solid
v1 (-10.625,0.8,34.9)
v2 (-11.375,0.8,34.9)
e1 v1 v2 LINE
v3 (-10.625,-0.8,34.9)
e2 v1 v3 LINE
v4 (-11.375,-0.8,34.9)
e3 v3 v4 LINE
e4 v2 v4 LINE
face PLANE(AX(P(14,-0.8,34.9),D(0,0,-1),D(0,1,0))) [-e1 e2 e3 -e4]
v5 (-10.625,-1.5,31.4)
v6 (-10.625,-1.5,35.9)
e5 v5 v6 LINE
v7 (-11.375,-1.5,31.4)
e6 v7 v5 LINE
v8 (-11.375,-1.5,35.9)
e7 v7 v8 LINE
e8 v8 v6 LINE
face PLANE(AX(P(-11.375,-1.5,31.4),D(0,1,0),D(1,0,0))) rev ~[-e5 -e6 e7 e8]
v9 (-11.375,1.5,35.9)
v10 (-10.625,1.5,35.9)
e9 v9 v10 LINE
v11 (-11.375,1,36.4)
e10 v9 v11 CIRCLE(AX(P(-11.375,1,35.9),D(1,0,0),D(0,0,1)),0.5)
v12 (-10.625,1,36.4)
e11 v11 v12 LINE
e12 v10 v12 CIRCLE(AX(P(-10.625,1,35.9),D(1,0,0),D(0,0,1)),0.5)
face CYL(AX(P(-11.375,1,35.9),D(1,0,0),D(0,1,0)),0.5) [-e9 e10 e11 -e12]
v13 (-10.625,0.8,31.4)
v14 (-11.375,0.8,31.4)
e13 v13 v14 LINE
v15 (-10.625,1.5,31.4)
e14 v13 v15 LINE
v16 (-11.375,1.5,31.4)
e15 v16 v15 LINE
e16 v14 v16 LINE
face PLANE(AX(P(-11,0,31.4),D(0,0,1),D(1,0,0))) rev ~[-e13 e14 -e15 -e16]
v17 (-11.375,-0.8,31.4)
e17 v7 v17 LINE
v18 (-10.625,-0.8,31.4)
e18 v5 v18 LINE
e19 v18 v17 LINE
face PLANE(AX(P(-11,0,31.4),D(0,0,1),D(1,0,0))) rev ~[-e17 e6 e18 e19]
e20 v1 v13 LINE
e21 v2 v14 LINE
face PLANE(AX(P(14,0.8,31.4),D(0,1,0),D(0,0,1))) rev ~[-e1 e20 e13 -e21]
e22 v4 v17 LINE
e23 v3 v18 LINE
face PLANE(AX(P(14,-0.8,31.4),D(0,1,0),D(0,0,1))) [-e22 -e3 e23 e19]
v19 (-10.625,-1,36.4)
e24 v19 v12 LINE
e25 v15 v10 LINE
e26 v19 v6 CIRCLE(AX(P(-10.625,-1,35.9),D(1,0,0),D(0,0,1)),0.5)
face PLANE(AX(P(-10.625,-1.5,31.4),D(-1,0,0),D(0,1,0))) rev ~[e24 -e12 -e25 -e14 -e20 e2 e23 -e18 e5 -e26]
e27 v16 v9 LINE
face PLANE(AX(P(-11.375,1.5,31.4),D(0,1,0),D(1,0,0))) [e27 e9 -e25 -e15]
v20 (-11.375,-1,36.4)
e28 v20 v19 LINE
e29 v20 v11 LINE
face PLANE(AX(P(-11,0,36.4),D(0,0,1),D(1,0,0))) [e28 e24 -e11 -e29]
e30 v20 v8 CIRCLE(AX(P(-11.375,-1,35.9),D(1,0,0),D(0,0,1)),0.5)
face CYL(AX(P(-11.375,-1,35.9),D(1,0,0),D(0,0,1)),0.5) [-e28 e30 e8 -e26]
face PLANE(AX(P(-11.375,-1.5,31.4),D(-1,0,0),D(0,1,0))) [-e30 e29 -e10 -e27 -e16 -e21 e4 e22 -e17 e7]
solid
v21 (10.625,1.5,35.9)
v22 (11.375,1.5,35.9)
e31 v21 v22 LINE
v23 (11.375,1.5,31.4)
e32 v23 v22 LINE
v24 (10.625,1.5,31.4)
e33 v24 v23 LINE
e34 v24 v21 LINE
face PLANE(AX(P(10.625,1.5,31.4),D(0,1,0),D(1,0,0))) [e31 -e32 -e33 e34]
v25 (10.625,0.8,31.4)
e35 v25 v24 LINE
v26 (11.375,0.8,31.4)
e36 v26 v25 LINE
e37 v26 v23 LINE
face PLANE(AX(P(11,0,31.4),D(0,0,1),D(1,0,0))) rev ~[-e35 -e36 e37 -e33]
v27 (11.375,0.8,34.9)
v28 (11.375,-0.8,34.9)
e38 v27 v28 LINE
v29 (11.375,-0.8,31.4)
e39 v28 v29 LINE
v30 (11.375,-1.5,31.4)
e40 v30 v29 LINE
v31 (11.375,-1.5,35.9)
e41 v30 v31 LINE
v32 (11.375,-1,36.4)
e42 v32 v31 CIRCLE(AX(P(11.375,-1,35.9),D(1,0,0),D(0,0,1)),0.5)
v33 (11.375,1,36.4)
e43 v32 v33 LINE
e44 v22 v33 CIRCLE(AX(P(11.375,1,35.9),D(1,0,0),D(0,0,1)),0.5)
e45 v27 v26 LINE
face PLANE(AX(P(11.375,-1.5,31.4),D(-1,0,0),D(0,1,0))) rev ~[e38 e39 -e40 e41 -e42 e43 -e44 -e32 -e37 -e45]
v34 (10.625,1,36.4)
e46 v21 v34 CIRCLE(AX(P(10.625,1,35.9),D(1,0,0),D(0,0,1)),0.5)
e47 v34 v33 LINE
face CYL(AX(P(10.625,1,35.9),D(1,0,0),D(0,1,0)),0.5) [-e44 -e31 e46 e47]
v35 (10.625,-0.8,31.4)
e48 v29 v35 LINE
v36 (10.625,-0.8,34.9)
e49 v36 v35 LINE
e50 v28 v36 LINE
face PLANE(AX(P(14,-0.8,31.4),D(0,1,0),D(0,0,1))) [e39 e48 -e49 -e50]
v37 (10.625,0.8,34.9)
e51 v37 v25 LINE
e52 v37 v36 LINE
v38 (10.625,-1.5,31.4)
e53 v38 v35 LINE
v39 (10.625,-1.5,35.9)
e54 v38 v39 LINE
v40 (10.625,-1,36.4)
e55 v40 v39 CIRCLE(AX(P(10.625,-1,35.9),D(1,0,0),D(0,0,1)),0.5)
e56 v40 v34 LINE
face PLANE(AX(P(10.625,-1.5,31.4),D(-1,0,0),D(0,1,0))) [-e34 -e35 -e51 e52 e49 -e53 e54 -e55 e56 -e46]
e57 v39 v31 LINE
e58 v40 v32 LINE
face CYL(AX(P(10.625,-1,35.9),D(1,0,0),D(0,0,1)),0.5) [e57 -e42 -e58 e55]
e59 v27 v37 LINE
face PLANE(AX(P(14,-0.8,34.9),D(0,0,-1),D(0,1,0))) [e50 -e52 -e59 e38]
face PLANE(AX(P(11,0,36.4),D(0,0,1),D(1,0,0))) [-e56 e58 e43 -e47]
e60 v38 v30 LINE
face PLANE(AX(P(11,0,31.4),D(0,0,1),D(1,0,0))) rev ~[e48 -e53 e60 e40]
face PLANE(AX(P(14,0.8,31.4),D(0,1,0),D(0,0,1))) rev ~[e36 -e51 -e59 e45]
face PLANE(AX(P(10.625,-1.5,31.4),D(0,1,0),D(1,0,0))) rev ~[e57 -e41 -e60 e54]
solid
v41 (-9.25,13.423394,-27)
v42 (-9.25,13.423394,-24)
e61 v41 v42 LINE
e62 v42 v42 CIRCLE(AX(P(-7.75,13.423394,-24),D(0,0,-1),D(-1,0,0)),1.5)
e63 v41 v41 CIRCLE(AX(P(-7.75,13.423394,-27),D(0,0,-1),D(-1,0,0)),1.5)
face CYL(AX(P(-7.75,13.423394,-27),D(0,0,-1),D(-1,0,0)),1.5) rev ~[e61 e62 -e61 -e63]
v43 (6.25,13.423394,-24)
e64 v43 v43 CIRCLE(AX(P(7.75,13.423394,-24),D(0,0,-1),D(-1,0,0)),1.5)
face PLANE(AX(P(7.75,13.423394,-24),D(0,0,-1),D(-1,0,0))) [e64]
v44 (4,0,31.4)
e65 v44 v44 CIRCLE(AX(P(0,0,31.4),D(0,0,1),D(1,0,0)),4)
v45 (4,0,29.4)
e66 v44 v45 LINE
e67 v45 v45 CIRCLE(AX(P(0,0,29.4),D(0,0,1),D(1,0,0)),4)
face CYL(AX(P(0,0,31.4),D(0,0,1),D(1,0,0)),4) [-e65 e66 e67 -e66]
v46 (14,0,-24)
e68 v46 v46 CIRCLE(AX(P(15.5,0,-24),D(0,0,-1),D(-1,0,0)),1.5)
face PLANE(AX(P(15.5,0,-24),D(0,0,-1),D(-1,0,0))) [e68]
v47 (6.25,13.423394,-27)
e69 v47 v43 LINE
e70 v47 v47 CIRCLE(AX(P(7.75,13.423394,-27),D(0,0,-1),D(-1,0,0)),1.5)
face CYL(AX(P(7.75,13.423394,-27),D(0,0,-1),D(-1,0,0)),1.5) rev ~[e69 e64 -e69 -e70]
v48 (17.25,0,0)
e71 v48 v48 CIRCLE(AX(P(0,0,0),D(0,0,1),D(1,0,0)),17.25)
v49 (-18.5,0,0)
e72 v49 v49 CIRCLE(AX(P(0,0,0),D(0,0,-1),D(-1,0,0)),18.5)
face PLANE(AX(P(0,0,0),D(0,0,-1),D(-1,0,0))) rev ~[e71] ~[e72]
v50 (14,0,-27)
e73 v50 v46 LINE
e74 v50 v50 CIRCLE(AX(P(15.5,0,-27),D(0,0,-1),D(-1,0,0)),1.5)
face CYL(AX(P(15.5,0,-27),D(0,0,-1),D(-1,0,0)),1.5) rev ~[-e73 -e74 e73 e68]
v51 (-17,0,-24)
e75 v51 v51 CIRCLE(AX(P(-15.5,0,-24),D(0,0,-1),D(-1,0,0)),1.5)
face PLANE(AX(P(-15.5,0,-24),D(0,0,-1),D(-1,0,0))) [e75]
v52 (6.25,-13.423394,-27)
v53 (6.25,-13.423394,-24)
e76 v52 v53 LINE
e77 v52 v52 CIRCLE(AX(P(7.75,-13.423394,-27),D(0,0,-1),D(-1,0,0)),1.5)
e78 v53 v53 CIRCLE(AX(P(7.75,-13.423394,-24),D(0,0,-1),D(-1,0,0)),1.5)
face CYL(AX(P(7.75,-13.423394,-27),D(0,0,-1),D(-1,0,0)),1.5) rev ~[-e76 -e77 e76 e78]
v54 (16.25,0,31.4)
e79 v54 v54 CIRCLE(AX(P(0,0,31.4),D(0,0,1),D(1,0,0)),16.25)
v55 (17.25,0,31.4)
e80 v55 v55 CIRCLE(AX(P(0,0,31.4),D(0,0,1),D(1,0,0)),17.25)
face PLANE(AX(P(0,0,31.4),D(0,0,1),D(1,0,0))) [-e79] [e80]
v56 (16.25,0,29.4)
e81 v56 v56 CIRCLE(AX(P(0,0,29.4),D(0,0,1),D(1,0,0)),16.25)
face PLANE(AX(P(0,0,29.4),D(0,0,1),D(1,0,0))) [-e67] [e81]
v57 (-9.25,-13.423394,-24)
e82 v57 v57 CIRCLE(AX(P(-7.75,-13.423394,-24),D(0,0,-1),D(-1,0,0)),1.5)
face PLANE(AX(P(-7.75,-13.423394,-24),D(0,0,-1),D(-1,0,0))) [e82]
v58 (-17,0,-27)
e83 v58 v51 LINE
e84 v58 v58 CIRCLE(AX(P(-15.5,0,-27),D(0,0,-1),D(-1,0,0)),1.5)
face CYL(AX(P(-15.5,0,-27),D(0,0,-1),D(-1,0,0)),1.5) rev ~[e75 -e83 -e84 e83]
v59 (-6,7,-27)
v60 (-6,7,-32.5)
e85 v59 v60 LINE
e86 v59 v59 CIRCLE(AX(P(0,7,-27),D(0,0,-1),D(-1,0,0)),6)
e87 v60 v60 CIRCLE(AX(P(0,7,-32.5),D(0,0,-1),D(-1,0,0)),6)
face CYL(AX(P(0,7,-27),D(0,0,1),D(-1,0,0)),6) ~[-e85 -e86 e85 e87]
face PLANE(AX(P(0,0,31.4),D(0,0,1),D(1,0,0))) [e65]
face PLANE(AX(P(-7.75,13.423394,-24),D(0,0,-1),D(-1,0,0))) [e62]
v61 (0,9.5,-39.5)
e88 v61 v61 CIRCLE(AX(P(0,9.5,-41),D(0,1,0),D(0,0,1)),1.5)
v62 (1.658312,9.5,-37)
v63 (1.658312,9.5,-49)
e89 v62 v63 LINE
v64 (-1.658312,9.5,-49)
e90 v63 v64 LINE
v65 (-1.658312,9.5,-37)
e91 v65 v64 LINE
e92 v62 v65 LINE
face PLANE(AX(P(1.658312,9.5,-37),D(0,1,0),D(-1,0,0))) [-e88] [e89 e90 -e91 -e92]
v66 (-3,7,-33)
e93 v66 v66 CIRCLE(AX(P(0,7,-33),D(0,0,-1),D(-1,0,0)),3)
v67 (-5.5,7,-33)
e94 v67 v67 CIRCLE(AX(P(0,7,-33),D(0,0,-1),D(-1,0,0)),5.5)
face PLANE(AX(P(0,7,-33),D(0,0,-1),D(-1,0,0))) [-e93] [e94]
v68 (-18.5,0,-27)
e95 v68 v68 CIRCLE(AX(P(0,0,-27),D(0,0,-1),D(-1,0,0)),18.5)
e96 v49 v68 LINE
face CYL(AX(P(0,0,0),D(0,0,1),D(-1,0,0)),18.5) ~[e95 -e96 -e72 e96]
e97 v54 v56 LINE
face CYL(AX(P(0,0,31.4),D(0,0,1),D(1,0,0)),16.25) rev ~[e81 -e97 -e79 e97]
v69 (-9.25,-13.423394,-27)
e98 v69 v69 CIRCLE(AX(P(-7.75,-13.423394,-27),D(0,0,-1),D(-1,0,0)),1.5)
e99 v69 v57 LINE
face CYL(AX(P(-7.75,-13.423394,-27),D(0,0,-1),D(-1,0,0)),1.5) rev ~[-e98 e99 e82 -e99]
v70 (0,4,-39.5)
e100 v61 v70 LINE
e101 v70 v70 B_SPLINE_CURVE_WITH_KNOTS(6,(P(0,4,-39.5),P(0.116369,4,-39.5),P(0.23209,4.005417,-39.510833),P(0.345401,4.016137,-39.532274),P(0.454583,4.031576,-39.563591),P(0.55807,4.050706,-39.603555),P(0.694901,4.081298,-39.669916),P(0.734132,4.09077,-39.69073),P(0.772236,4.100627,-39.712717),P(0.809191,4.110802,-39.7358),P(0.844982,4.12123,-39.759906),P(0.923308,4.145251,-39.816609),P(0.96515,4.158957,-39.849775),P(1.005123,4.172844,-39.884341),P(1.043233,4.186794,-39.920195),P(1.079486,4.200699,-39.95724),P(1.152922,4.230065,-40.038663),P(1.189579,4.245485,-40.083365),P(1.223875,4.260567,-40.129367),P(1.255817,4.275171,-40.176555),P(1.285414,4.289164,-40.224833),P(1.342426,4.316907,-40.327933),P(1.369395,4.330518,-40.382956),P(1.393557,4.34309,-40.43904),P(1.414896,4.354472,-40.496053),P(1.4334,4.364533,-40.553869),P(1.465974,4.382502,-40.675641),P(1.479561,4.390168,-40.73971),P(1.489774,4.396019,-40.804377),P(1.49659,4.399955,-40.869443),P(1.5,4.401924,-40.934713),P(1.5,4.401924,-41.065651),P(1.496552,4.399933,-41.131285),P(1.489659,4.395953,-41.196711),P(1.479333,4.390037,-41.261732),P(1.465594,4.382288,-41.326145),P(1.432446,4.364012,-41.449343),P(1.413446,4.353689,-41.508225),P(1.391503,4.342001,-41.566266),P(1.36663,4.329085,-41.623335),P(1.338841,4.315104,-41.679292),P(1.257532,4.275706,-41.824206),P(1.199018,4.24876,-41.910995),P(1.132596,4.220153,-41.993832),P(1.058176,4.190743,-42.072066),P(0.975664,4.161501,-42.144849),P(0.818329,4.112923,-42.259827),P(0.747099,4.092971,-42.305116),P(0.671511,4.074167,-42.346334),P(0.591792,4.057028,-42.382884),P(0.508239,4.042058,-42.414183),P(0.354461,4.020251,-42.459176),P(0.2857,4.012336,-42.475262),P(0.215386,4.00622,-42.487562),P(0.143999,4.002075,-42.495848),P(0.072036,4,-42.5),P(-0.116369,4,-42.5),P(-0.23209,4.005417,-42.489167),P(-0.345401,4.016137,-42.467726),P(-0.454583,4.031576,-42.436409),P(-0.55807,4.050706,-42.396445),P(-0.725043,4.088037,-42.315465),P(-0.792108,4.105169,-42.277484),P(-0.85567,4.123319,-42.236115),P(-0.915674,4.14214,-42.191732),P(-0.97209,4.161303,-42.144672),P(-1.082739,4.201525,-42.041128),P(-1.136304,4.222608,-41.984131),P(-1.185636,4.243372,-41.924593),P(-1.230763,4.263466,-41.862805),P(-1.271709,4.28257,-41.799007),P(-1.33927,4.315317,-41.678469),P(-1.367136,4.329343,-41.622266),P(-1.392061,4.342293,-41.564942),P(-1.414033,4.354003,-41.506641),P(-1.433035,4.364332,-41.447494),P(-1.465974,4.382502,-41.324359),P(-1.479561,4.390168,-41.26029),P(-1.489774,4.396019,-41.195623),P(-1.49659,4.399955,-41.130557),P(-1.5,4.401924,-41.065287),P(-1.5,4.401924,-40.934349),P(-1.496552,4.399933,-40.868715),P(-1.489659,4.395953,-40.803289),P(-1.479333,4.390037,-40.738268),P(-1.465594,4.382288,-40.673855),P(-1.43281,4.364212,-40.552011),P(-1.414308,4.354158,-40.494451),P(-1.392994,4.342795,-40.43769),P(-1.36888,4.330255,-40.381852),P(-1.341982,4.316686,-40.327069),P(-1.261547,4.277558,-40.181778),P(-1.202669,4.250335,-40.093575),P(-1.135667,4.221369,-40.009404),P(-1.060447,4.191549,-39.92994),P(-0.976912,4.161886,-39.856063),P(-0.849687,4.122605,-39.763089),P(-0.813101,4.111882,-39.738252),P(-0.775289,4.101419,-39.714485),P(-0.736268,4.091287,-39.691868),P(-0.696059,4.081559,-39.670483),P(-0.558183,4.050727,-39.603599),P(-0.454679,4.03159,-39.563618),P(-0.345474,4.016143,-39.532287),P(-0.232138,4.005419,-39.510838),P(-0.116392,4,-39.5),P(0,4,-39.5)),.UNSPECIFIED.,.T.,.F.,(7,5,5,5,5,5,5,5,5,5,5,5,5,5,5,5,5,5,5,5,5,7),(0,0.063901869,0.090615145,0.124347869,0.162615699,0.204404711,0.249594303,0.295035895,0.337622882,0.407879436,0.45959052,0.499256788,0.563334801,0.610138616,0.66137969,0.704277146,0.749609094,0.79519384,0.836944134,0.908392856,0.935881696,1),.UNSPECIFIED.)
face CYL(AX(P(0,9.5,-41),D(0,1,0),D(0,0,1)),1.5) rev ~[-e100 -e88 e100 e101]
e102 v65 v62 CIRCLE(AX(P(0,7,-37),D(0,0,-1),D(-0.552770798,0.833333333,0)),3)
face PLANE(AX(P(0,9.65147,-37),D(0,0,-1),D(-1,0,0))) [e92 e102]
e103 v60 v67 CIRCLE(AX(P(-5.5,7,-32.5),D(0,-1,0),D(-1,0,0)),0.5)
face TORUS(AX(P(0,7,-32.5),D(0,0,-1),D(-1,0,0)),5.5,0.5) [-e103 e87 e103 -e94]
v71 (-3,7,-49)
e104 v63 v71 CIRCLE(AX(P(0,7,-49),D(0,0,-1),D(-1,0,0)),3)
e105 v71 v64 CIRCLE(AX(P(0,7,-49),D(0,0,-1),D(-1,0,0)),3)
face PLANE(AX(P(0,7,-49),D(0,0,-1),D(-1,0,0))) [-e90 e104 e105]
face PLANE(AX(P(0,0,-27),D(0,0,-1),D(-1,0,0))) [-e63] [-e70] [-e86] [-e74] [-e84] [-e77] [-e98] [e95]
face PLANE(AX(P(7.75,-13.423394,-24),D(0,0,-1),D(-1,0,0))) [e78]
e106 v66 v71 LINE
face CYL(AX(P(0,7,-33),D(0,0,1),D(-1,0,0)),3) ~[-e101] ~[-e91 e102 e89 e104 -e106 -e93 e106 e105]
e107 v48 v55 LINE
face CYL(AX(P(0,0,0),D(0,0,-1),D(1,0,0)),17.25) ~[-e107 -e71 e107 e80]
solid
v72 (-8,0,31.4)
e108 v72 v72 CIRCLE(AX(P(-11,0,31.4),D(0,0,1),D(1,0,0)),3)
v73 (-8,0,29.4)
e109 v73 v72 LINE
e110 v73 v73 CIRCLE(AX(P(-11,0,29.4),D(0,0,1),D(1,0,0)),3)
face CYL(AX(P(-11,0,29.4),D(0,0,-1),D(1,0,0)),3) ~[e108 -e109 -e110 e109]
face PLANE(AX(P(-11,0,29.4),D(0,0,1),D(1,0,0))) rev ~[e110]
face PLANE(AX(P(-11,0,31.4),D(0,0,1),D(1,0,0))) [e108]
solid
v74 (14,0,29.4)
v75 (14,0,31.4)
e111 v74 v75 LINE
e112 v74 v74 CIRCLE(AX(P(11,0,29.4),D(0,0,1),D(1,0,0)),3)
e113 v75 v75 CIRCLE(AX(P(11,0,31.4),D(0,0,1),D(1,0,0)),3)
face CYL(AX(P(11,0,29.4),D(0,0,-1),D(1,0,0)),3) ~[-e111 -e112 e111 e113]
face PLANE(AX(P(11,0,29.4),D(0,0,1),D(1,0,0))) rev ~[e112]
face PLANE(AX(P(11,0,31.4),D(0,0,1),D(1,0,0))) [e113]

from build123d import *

# Parameters (mm, degrees)
CROQUIS1_R                = 17.25
SALIENTE_EXTRUIR1_DEPTH   = 31.4
CROQUIS2_R                = 18.5
SALIENTE_EXTRUIR2_DEPTH   = 27
CROQUIS3_R                = 6
SALIENTE_EXTRUIR3_DEPTH   = 6
CROQUIS4_R                = 3
SALIENTE_EXTRUIR4_DEPTH   = 16
CORTAR_EXTRUIR1_START     = -12
CORTAR_EXTRUIR1_DEPTH     = 12
CROQUIS8_R                = 16.25
CROQUIS8_R_2              = 4
CORTAR_EXTRUIR2_DEPTH     = 2
CROQUIS9_R                = 3
SALIENTE_EXTRUIR5_DEPTH   = 2
SALIENTE_EXTRUIR5_2_DEPTH = 2
CROQUIS10_W               = 0.75
CROQUIS10_H               = 3
SALIENTE_EXTRUIR6_DEPTH   = 5
SALIENTE_EXTRUIR6_2_DEPTH = 5
CORTAR_EXTRUIR3_START     = -25.375
CROQUIS11_W               = 3.5
CROQUIS11_H               = 1.6
CORTAR_EXTRUIR3_DEPTH     = 28
REDONDEO1_R               = 0.5
REDONDEO2_R               = 0.5
REDONDEO3_R               = 0.5
CROQUIS12_R               = 1.5
CORTAR_EXTRUIR4_DEPTH     = 3
CUT_EXTRUDE1_REACH        = 61.391
CUT_EXTRUDE1_END_RADIUS   = 3
SKETCH1_R                 = 1.5


with BuildPart() as part:
    # Croquis1 → Saliente-Extruir1 (new body)
    with BuildSketch(Plane.XY):
        Circle(CROQUIS1_R)
    extrude(amount=SALIENTE_EXTRUIR1_DEPTH)

    # Croquis2 → Saliente-Extruir2 (add)
    with BuildSketch(Plane(origin=(0, 0, 0), x_dir=(-1, 0, 0), z_dir=(0, 0, -1))):
        Circle(CROQUIS2_R)
    extrude(amount=SALIENTE_EXTRUIR2_DEPTH)

    # Croquis3 → Saliente-Extruir3 (add)
    with BuildSketch(Plane(origin=(0, 0, -27), x_dir=(-1, 0, 0), z_dir=(0, 0, -1))):
        with Locations((0, 7)):
            Circle(CROQUIS3_R)
    extrude(amount=SALIENTE_EXTRUIR3_DEPTH)

    # Croquis4 → Saliente-Extruir4 (add)
    with BuildSketch(Plane(origin=(0, 0, -33), x_dir=(-1, 0, 0), z_dir=(0, 0, -1))):
        with Locations((0, 7)):
            Circle(CROQUIS4_R)
    extrude(amount=SALIENTE_EXTRUIR4_DEPTH)

    # Croquis5 → Cortar-Extruir1 (cut)
    with BuildSketch(Plane(origin=(0, 0, -49), x_dir=(-1, 0, 0), z_dir=(0, 0, -1)).offset(CORTAR_EXTRUIR1_START)):
        with BuildLine():
            Line((-1.658312395, 9.5), (1.658312395, 9.5))
            ThreePointArc((1.658312395, 9.5), (0, 10), (-1.658312395, 9.5))
        make_face()
    extrude(amount=CORTAR_EXTRUIR1_DEPTH, mode=Mode.SUBTRACT)

    # Croquis8 → Cortar-Extruir2 (cut)
    with BuildSketch(Plane.XY.offset(31.4)):
        Circle(CROQUIS8_R)
        Circle(CROQUIS8_R_2, mode=Mode.SUBTRACT)
    extrude(amount=-CORTAR_EXTRUIR2_DEPTH, mode=Mode.SUBTRACT)

    # Redondeo3
    redondeo3_edges = [part.edges().sort_by_distance(p)[0] for p in [
        (6, 7, -33),
    ]]
    fillet(redondeo3_edges, radius=REDONDEO3_R)

    # Croquis12 → Cortar-Extruir4 (cut)
    with BuildSketch(Plane(origin=(0, 0, -27), x_dir=(-1, 0, 0), z_dir=(0, 0, -1))):
        with Locations((-15.5, 0)):
            Circle(CROQUIS12_R)
        with Locations((-7.75, 13.423393759)):
            Circle(CROQUIS12_R)
        with Locations((7.75, 13.423393759)):
            Circle(CROQUIS12_R)
        with Locations((15.5, 0)):
            Circle(CROQUIS12_R)
        with Locations((7.75, -13.423393759)):
            Circle(CROQUIS12_R)
        with Locations((-7.75, -13.423393759)):
            Circle(CROQUIS12_R)
    extrude(amount=-CORTAR_EXTRUIR4_DEPTH, mode=Mode.SUBTRACT)

    # Cut-Extrude1: up to this cylinder (the profile starts inside it)
    cut_extrude1_end = Plane(origin=(0, 7, -41), z_dir=(0, 0, 1)) * Cylinder(CUT_EXTRUDE1_END_RADIUS, 129.782, mode=Mode.PRIVATE)
    # Sketch1 → Cut-Extrude1 (cut, up to the surface)
    with BuildSketch(Plane(origin=(0, 9.5, 0), x_dir=(1, 0, 0), z_dir=(0, 1, 0)), mode=Mode.PRIVATE) as cut_extrude1_sk1:
        with Locations(Location((0, 41, 0), (0, 0, 270))):
            Circle(SKETCH1_R)
    cut_extrude1_tool1 = extrude(cut_extrude1_sk1.sketch, amount=-CUT_EXTRUDE1_REACH, mode=Mode.PRIVATE) & cut_extrude1_end
    add(cut_extrude1_tool1.solids().sort_by_distance((0, 9.5, -41))[0], mode=Mode.SUBTRACT)


with BuildPart() as body_2:
    # Croquis9 → Saliente-Extruir5 (new body)
    with BuildSketch(Plane.XY.offset(29.4)):
        with Locations((-11, 0)):
            Circle(CROQUIS9_R)
    extrude(amount=SALIENTE_EXTRUIR5_DEPTH)


with BuildPart() as body_3:
    # Croquis9 → Saliente-Extruir5 2 (new body)
    with BuildSketch(Plane.XY.offset(29.4)):
        with Locations((11, 0)):
            Circle(CROQUIS9_R)
    extrude(amount=SALIENTE_EXTRUIR5_2_DEPTH)


with BuildPart() as body_4:
    # Croquis10 → Saliente-Extruir6 (new body)
    with BuildSketch(Plane.XY.offset(31.4)):
        with Locations((-11, 0)):
            Rectangle(CROQUIS10_W, CROQUIS10_H)
    extrude(amount=SALIENTE_EXTRUIR6_DEPTH)


with BuildPart() as body_5:
    # Croquis10 → Saliente-Extruir6 2 (new body)
    with BuildSketch(Plane.XY.offset(31.4)):
        with Locations((11, 0)):
            Rectangle(CROQUIS10_W, CROQUIS10_H)
    extrude(amount=SALIENTE_EXTRUIR6_2_DEPTH)


with BuildPart() as cortar_extruir3_tool:
    # Croquis11 → Cortar-Extruir3 (new body)
    with BuildSketch(Plane.ZY.offset(11.375).offset(CORTAR_EXTRUIR3_START)):
        with Locations((33.15, 0)):
            Rectangle(CROQUIS11_W, CROQUIS11_H)
    extrude(amount=CORTAR_EXTRUIR3_DEPTH)


with BuildPart() as body_4_1:
    add(body_4.part)

    # Cortar-Extruir3: cut by cortar_extruir3_tool
    add(cortar_extruir3_tool.part, mode=Mode.SUBTRACT)

    # Redondeo1
    redondeo1_edges = [body_4_1.edges().sort_by_distance(p)[0] for p in [
        (-11, 1.5, 36.4),
        (-11, -1.5, 36.4),
    ]]
    fillet(redondeo1_edges, radius=REDONDEO1_R)


with BuildPart() as body_5_1:
    add(body_5.part)

    # Cortar-Extruir3: cut by cortar_extruir3_tool
    add(cortar_extruir3_tool.part, mode=Mode.SUBTRACT)

    # Redondeo2
    redondeo2_edges = [body_5_1.edges().sort_by_distance(p)[0] for p in [
        (11, 1.5, 36.4),
        (11, -1.5, 36.4),
    ]]
    fillet(redondeo2_edges, radius=REDONDEO2_R)


solid = Compound([part.part, body_2.part, body_3.part, body_4_1.part, body_5_1.part])
